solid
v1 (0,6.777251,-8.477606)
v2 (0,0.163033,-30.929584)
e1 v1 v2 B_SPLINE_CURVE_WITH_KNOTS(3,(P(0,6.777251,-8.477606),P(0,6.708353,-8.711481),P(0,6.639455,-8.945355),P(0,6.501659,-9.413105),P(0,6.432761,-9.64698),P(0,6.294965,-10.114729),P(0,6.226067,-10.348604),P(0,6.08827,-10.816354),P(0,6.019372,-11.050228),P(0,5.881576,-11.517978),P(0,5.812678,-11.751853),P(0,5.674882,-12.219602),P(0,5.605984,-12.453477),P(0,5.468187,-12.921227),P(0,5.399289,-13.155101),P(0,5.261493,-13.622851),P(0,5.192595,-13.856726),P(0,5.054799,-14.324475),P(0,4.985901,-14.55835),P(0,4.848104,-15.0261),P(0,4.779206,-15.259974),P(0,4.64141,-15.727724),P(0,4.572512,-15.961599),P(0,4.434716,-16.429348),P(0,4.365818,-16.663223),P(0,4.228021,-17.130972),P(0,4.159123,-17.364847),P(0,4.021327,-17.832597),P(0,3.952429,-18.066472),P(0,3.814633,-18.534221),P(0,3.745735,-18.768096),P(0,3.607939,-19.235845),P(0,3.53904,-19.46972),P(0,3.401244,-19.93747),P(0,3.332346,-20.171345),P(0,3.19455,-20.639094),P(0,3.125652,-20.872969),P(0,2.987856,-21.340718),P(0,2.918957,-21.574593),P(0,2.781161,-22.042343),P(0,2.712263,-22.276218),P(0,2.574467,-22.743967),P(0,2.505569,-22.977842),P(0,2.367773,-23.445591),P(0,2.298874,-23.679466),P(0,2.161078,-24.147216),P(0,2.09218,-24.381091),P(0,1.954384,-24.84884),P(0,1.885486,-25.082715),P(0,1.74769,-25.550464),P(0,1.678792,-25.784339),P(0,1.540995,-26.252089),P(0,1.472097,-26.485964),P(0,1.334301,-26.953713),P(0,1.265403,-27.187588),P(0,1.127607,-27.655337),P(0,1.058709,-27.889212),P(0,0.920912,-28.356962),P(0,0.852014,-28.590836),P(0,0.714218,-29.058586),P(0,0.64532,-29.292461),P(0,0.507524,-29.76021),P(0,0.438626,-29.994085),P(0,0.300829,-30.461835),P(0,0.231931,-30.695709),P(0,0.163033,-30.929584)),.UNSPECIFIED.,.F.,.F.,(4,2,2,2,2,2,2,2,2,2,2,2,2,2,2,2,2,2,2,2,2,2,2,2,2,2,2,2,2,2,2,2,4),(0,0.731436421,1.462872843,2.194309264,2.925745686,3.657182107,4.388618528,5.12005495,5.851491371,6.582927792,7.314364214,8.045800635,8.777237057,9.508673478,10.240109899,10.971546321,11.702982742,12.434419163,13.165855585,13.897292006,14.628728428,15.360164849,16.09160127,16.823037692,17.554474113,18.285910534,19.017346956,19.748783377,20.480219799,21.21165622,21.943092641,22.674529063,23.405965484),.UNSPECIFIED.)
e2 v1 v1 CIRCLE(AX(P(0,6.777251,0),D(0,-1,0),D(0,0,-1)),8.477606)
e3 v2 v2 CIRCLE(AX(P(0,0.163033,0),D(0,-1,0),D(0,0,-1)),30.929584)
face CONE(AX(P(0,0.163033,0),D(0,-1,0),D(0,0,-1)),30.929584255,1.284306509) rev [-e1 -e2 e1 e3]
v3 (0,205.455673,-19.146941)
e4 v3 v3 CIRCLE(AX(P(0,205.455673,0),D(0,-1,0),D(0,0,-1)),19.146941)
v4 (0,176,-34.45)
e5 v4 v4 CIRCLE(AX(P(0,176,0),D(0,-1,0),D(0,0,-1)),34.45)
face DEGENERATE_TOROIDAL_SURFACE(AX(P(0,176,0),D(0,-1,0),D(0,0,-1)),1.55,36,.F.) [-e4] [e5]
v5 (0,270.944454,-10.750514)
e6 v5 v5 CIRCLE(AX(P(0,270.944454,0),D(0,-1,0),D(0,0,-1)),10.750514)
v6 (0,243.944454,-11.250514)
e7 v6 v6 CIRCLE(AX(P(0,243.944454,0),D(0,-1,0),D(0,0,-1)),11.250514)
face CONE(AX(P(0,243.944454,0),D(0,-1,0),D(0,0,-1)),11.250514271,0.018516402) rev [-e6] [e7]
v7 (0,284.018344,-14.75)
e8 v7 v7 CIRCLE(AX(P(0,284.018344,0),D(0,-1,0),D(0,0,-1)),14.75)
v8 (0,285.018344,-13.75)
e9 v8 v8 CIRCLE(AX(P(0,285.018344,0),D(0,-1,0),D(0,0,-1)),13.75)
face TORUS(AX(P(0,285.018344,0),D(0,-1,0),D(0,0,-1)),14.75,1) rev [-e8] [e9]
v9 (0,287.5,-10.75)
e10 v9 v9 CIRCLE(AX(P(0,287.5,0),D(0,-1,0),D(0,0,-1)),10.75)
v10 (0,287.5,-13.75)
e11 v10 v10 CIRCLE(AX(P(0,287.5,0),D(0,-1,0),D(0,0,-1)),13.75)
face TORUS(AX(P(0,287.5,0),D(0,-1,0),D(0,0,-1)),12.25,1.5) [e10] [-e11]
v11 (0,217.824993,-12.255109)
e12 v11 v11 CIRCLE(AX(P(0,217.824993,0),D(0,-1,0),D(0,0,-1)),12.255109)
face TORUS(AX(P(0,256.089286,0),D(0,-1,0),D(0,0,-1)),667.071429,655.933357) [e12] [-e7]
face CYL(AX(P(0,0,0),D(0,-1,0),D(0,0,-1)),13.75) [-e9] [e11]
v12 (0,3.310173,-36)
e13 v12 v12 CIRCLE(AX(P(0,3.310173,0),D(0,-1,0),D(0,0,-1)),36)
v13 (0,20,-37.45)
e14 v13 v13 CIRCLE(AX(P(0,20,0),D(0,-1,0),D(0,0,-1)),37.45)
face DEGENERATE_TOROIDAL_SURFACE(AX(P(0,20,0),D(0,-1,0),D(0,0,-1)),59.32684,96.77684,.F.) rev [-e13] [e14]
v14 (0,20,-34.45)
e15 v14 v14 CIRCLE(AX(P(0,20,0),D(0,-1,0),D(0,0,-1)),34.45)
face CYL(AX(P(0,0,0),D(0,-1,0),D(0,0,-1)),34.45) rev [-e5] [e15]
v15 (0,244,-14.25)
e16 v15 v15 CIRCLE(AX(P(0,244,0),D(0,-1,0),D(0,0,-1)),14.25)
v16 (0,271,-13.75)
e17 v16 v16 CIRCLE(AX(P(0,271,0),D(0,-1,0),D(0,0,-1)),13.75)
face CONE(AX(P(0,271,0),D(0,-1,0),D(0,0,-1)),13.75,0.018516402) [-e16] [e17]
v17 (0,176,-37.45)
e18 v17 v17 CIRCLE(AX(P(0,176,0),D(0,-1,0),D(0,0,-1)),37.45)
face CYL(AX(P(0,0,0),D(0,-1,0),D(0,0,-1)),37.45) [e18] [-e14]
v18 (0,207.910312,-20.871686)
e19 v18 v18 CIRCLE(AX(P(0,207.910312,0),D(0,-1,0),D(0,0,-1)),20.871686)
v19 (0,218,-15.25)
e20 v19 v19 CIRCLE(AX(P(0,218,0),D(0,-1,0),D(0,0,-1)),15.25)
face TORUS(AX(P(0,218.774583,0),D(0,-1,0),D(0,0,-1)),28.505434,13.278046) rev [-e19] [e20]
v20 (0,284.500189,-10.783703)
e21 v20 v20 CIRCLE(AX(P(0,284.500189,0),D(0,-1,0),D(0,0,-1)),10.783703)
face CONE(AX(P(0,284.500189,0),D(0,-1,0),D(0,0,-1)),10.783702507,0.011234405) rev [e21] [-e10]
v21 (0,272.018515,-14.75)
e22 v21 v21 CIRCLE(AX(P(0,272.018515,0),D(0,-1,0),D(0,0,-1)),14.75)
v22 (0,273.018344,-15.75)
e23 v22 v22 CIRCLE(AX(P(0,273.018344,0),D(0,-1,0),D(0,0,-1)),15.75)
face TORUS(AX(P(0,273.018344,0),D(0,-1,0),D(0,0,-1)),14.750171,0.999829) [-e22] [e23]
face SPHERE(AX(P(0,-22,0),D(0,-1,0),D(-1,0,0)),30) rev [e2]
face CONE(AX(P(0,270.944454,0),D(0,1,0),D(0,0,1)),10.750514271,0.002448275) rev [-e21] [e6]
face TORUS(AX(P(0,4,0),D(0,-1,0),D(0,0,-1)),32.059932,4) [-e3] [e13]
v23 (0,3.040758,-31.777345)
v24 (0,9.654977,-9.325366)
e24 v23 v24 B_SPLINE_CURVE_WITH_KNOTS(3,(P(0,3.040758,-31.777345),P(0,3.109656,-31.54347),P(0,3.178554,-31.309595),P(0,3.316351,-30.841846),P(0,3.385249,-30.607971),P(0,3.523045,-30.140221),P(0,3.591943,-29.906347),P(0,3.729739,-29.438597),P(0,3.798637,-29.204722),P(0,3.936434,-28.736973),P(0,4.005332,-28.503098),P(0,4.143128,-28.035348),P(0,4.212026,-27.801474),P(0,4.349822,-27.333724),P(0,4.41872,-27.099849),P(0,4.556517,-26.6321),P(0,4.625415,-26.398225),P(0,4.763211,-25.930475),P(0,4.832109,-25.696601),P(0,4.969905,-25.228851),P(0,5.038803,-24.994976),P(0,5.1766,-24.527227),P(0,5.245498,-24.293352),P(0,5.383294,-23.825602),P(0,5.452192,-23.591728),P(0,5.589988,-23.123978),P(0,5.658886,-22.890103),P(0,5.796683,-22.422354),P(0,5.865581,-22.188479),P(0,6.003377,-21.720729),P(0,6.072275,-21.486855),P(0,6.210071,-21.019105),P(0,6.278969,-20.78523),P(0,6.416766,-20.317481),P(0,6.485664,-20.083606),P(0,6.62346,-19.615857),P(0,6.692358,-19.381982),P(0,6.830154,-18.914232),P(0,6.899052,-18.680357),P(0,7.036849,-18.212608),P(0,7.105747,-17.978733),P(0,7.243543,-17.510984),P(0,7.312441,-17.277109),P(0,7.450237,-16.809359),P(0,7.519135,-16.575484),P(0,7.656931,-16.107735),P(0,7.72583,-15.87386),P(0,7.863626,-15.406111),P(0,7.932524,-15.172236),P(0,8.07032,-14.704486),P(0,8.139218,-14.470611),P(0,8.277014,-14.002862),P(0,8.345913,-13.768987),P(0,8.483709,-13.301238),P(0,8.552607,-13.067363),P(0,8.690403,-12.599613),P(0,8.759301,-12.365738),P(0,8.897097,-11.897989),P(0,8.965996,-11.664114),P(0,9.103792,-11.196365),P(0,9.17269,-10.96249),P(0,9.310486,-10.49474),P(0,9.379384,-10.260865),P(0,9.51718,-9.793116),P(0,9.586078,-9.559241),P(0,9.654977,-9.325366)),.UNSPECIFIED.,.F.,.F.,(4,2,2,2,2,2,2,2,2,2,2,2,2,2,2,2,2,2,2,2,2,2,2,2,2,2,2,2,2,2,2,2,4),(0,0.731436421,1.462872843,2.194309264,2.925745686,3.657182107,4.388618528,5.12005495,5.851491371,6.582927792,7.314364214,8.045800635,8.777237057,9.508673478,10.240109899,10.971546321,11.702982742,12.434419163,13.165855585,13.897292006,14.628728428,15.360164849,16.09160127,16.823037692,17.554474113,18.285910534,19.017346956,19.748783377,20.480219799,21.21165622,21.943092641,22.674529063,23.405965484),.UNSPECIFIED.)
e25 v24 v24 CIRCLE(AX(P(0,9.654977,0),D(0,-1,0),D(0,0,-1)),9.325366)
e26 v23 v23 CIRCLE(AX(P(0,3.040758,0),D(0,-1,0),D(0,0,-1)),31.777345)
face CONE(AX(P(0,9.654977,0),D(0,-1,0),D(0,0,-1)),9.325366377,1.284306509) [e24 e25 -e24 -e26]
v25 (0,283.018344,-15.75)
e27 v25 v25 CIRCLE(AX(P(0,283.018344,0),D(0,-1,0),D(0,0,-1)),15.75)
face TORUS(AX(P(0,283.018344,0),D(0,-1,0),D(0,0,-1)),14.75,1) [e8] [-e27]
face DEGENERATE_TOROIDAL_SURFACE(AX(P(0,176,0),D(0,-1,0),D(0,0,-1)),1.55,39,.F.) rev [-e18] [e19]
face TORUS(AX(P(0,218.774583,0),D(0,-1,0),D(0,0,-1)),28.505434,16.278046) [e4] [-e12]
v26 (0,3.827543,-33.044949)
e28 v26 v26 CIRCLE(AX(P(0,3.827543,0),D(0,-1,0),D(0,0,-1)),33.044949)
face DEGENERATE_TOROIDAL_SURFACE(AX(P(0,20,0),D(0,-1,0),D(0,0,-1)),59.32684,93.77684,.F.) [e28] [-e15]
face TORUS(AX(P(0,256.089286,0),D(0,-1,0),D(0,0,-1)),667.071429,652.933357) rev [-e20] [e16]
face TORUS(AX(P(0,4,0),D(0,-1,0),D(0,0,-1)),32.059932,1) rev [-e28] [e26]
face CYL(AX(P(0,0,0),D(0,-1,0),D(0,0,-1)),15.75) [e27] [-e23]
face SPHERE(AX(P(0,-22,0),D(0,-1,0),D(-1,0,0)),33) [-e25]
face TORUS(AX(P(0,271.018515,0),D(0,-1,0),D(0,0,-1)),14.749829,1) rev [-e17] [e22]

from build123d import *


with BuildPart() as part:
    # Skica1 → Rotovat1 (revolve)
    with BuildSketch(Plane.XY, mode=Mode.PRIVATE) as rotovat1_sk:
        with BuildLine():
            Line((-8.477605797, 6.777251432), (-30.929584255, 0.163033142))
            ThreePointArc((-30.929584255, 0.163033142), (-34.169375848, 0.601434808), (-36, 3.310172669))
            ThreePointArc((-36, 3.310172669), (-37.086818531, 11.623651805), (-37.45, 20))
            Line((-37.45, 20), (-37.45, 176))
            ThreePointArc((-37.45, 176), (-33.058133011, 193.979909051), (-20.871685667, 207.910311999))
            ThreePointArc((-20.871685667, 207.910311999), (-16.90629883, 212.311877092), (-15.25, 218))
            ThreePointArc((-15.25, 218), (-14.620475493, 230.995018288), (-14.25, 244))
            Line((-14.25, 244), (-13.75, 271))
            ThreePointArc((-13.75, 271), (-14.036265703, 271.719106541), (-14.75, 272.018515329))
            ThreePointArc((-14.75, 272.018515329), (-15.457096382, 272.311297739), (-15.75, 273.01834392))
            Line((-15.75, 273.01834392), (-15.75, 283.01834392))
            ThreePointArc((-15.75, 283.01834392), (-15.457106781, 283.725450702), (-14.75, 284.01834392))
            ThreePointArc((-14.75, 284.01834392), (-14.042893219, 284.311237139), (-13.75, 285.01834392))
            Line((-13.75, 285.01834392), (-13.75, 287.5))
            ThreePointArc((-13.75, 287.5), (-12.25, 289), (-10.75, 287.5))
            Line((-10.75, 287.5), (-10.783702507, 284.500189316))
            Line((-10.783702507, 284.500189316), (-10.750514271, 270.944453968))
            Line((-10.750514271, 270.944453968), (-11.250514271, 243.944453968))
            ThreePointArc((-11.250514271, 243.944453968), (-11.622691969, 230.879718922), (-12.255108921, 217.824993078))
            ThreePointArc((-12.255108921, 217.824993078), (-14.285626713, 210.851713519), (-19.146940615, 205.455672614))
            ThreePointArc((-19.146940615, 205.455672614), (-30.395968933, 192.596839124), (-34.45, 176))
            Line((-34.45, 176), (-34.45, 20))
            ThreePointArc((-34.45, 20), (-34.098076849, 11.883311498), (-33.044948771, 3.827543167))
            ThreePointArc((-33.044948771, 3.827543167), (-32.587292733, 3.150358702), (-31.777344834, 3.040758286))
            Line((-31.777344834, 3.040758286), (-9.325366377, 9.654976575))
            ThreePointArc((-9.325366377, 9.654976575), (-4.710932659, 10.66201331), (0, 11))
            Line((0, 11), (0, 8))
            ThreePointArc((0, 8), (-4.282666054, 7.692739373), (-8.477605797, 6.777251432))
        make_face()
    revolve(rotovat1_sk.sketch.rotate(Axis((0, 0, 0), (0, 1, 0)), 270), axis=Axis((0, 0, 0), (0, 1, 0)))


solid = part.part
